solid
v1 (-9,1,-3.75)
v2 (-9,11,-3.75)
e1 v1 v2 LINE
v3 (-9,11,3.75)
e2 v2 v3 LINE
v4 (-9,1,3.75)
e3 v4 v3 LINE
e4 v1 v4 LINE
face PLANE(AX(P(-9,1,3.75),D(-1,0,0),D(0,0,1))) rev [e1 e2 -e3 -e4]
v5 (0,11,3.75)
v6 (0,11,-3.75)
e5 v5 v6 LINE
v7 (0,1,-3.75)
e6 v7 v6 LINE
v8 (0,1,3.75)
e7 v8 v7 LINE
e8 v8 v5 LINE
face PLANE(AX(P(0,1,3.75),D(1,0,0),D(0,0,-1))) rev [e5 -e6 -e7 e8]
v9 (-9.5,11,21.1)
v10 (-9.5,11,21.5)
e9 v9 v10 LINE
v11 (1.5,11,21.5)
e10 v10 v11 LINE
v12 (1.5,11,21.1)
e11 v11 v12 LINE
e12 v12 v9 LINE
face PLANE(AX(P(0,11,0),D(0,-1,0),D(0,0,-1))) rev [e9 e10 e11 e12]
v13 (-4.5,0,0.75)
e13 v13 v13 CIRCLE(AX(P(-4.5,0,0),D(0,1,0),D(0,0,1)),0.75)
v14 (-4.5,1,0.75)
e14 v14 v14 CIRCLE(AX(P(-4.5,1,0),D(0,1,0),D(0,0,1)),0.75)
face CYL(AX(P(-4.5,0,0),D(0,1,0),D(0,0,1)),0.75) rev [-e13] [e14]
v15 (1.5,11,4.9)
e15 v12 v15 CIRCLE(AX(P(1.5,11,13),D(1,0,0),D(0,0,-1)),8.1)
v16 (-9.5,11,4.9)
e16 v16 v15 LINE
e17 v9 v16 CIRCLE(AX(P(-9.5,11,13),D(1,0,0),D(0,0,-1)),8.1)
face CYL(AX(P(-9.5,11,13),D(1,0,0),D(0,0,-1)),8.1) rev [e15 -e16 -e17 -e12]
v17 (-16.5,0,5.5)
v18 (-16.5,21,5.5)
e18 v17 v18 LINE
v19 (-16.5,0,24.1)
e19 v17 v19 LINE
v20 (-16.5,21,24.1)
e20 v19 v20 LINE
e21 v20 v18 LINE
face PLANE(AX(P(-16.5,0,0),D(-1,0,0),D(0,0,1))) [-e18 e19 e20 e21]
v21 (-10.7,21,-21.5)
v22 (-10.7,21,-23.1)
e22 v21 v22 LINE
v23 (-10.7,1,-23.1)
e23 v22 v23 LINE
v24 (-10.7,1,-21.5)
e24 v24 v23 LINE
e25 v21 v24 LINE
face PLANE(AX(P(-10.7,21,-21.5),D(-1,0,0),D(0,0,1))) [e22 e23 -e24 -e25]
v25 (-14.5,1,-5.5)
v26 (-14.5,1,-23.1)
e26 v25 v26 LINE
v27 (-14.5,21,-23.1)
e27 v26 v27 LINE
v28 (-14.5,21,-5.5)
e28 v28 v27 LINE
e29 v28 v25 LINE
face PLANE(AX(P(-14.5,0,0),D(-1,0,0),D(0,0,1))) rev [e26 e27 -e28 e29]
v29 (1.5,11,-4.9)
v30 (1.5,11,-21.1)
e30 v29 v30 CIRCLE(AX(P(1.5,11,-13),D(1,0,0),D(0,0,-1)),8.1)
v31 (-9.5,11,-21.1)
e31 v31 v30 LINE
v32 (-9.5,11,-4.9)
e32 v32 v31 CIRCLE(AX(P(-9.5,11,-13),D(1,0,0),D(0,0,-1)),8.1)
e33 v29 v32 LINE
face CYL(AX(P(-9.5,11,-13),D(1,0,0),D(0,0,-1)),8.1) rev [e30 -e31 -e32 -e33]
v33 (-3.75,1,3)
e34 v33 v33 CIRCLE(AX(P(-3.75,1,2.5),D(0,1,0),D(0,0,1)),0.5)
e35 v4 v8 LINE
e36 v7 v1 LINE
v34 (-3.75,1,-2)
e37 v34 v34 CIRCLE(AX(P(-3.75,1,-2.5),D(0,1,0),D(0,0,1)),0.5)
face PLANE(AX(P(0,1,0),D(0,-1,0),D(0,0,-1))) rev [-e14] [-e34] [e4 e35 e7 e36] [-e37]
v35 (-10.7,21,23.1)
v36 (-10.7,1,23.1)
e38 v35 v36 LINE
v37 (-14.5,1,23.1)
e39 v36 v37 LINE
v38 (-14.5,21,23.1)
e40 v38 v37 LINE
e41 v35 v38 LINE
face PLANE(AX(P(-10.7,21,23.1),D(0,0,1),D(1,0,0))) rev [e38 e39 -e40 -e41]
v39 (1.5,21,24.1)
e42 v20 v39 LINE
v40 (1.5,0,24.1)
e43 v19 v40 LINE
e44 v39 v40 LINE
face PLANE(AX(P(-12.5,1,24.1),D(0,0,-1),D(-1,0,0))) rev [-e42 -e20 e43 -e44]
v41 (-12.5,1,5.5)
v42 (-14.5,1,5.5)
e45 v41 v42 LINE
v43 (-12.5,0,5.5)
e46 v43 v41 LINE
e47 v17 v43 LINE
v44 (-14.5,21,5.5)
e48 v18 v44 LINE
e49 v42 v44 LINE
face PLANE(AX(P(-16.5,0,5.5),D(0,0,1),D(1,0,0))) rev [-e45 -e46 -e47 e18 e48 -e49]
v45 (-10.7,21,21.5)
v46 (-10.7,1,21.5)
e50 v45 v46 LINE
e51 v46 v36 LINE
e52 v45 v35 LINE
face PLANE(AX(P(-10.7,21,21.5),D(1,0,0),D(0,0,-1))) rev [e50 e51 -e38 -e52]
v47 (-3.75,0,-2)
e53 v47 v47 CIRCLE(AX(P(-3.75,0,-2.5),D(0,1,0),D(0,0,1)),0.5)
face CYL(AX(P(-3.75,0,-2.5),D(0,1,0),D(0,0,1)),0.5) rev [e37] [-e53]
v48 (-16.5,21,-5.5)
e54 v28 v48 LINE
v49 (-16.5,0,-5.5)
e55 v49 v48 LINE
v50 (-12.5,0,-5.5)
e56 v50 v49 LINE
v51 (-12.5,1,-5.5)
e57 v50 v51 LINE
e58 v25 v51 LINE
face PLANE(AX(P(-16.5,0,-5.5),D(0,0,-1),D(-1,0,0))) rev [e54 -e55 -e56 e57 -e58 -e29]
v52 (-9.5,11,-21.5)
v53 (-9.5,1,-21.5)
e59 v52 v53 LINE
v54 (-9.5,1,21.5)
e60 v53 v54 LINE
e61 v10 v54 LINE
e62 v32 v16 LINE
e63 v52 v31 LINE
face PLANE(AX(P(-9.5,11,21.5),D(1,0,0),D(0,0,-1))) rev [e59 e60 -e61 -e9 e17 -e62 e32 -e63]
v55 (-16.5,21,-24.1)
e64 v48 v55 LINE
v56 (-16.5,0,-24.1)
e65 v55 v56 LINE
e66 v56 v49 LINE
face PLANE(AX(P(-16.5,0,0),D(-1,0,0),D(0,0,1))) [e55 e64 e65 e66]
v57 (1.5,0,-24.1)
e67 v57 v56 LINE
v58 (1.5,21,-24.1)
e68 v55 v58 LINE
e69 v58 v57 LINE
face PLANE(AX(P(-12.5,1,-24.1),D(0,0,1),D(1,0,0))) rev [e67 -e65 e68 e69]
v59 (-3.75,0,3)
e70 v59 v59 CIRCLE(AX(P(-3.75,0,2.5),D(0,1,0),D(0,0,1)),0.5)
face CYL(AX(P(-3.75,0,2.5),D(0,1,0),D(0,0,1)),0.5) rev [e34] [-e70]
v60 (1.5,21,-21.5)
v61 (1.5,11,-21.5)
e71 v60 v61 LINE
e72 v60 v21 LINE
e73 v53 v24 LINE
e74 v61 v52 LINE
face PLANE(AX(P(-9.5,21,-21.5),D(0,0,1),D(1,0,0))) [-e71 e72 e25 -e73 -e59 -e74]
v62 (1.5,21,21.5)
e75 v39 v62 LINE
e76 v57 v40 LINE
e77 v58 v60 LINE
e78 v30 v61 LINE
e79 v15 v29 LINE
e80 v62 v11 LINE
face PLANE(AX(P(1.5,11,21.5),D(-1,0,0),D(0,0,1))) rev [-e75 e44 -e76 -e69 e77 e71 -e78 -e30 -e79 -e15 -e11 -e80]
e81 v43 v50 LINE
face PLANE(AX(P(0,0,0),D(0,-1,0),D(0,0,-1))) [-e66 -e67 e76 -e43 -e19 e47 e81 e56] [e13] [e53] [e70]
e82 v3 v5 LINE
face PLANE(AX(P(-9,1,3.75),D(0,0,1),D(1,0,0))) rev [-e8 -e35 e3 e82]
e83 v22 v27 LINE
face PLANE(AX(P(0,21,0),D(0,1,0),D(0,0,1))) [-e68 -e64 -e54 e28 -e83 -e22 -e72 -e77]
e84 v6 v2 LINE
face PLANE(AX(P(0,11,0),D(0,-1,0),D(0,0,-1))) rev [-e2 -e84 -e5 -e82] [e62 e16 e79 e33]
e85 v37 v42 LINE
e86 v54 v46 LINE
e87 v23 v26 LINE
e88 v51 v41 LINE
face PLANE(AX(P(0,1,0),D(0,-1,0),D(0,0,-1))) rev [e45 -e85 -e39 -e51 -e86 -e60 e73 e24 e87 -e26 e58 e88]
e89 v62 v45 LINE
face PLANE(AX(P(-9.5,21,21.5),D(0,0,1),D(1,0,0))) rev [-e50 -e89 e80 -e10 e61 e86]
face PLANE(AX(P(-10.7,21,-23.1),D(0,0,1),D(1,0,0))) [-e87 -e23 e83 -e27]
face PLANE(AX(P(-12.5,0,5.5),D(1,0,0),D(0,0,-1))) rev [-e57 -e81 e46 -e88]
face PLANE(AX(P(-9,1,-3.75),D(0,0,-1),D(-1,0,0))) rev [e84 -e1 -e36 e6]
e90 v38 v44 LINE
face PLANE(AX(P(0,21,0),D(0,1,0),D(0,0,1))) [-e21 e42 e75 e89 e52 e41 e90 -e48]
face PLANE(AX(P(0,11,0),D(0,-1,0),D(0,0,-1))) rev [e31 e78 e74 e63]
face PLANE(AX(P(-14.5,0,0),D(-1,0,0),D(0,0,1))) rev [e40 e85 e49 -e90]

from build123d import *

# Parameters (mm, degrees)
SKETCH1_W               = 25
SKETCH1_H               = 48.2
BOSS_EXTRUDE1_DEPTH     = 1
SKETCH2_W               = 11
SKETCH2_H               = 43
BOSS_EXTRUDE2_DEPTH     = 10
SKETCH3_R               = 8.1
CUT_EXTRUDE1_DEPTH      = 11
BOSS_EXTRUDE3_DEPTH     = 20
BOSS_EXTRUDE4_DEPTH     = 2
SKETCH7_W               = 48.2
SKETCH7_H               = 21
BOSS_EXTRUDE5_DEPTH     = 2
CUT_EXTRUDE2_DEPTH      = 20
CUT_EXTRUDE2_DEPTH_BACK = 1
SKETCH8_W               = 4
SKETCH8_H               = 11
SKETCH9_W               = 9
SKETCH9_H               = 7.5
CUT_EXTRUDE3_DEPTH      = 10
SKETCH10_R              = 0.75
SKETCH10_R_2            = 0.5
CUT_EXTRUDE4_DEPTH      = 1
SKETCH11_W              = 11
SKETCH11_H              = 48.2
CUT_EXTRUDE5_DEPTH      = 1


with BuildPart() as part:
    # Sketch1 → Boss-Extrude1 (new body)
    with BuildSketch(Plane(origin=(0, 0, 0), x_dir=(1, 0, 0), z_dir=(0, 1, 0))):
        Rectangle(SKETCH1_W, SKETCH1_H)
    extrude(amount=BOSS_EXTRUDE1_DEPTH)

    # Sketch2 → Boss-Extrude2 (add)
    with BuildSketch(Plane(origin=(0, 1, 0), x_dir=(1, 0, 0), z_dir=(0, 1, 0))):
        with Locations((-4, 0)):
            Rectangle(SKETCH2_W, SKETCH2_H)
    extrude(amount=BOSS_EXTRUDE2_DEPTH)

    # Sketch3 → Cut-Extrude1 (cut)
    with BuildSketch(Plane(origin=(1.5, 0, 0), x_dir=(0, 0, -1), z_dir=(1, 0, 0))):
        with Locations((-13, 11)):
            Circle(SKETCH3_R)
        with Locations((13, 11)):
            Circle(SKETCH3_R)
    extrude(amount=-CUT_EXTRUDE1_DEPTH, mode=Mode.SUBTRACT)

    # Sketch4 → Boss-Extrude3 (add)
    with BuildSketch(Plane(origin=(0, 1, 0), x_dir=(1, 0, 0), z_dir=(0, 1, 0))):
        Polygon((-9.5, -21.5), (-10.7, -21.5), (-10.7, -23.1), (-12.5, -23.1), (-12.5, -24.1), (1.5, -24.1), (1.5, -21.5), align=None)
    boss_extrude3 = extrude(amount=BOSS_EXTRUDE3_DEPTH)

    # Mirror2: Boss-Extrude3 across plane
    add(boss_extrude3.mirror(Plane.XY))

    # Sketch5 → Boss-Extrude4 (add)
    with BuildSketch(Plane.ZY.offset(12.5)):
        Polygon((-24.1, 21), (-23.1, 21), (-23.1, 1), (23.1, 1), (23.1, 21), (24.1, 21), (24.1, 0), (-24.1, 0), align=None)
    extrude(amount=BOSS_EXTRUDE4_DEPTH)

    # Sketch7 → Boss-Extrude5 (add)
    with BuildSketch(Plane.ZY.offset(14.5)):
        with Locations((0, 10.5)):
            Rectangle(SKETCH7_W, SKETCH7_H)
    extrude(amount=BOSS_EXTRUDE5_DEPTH)

    # Sketch8 → Cut-Extrude2 (cut, two sides: drawn at the far end of the back side and taken through both)
    with BuildSketch(Plane(origin=(0, 1, 0), x_dir=(1, 0, 0), z_dir=(0, 1, 0)).offset(-CUT_EXTRUDE2_DEPTH_BACK)):
        with Locations((-14.5, 0)):
            Rectangle(SKETCH8_W, SKETCH8_H)
    extrude(amount=CUT_EXTRUDE2_DEPTH + CUT_EXTRUDE2_DEPTH_BACK, mode=Mode.SUBTRACT)

    # Sketch9 → Cut-Extrude3 (cut)
    with BuildSketch(Plane(origin=(0, 11, 0), x_dir=(1, 0, 0), z_dir=(0, 1, 0))):
        with Locations((-4.5, 0)):
            Rectangle(SKETCH9_W, SKETCH9_H)
    extrude(amount=-CUT_EXTRUDE3_DEPTH, mode=Mode.SUBTRACT)

    # Sketch10 → Cut-Extrude4 (cut)
    with BuildSketch(Plane(origin=(0, 1, 0), x_dir=(1, 0, 0), z_dir=(0, 1, 0))):
        with Locations(Location((-4.5, 0, 0), (0, 0, 270))):
            Circle(SKETCH10_R)
        with Locations(Location((-3.75, 2.5, 0), (0, 0, 270))):
            Circle(SKETCH10_R_2)
        with Locations(Location((-3.75, -2.5, 0), (0, 0, 270))):
            Circle(SKETCH10_R_2)
    extrude(amount=-CUT_EXTRUDE4_DEPTH, mode=Mode.SUBTRACT)

    # Sketch11 → Cut-Extrude5 (cut)
    with BuildSketch(Plane(origin=(0, 1, 0), x_dir=(1, 0, 0), z_dir=(0, 1, 0))):
        with Locations((7, 0)):
            Rectangle(SKETCH11_W, SKETCH11_H)
    extrude(amount=-CUT_EXTRUDE5_DEPTH, mode=Mode.SUBTRACT)


solid = part.part
